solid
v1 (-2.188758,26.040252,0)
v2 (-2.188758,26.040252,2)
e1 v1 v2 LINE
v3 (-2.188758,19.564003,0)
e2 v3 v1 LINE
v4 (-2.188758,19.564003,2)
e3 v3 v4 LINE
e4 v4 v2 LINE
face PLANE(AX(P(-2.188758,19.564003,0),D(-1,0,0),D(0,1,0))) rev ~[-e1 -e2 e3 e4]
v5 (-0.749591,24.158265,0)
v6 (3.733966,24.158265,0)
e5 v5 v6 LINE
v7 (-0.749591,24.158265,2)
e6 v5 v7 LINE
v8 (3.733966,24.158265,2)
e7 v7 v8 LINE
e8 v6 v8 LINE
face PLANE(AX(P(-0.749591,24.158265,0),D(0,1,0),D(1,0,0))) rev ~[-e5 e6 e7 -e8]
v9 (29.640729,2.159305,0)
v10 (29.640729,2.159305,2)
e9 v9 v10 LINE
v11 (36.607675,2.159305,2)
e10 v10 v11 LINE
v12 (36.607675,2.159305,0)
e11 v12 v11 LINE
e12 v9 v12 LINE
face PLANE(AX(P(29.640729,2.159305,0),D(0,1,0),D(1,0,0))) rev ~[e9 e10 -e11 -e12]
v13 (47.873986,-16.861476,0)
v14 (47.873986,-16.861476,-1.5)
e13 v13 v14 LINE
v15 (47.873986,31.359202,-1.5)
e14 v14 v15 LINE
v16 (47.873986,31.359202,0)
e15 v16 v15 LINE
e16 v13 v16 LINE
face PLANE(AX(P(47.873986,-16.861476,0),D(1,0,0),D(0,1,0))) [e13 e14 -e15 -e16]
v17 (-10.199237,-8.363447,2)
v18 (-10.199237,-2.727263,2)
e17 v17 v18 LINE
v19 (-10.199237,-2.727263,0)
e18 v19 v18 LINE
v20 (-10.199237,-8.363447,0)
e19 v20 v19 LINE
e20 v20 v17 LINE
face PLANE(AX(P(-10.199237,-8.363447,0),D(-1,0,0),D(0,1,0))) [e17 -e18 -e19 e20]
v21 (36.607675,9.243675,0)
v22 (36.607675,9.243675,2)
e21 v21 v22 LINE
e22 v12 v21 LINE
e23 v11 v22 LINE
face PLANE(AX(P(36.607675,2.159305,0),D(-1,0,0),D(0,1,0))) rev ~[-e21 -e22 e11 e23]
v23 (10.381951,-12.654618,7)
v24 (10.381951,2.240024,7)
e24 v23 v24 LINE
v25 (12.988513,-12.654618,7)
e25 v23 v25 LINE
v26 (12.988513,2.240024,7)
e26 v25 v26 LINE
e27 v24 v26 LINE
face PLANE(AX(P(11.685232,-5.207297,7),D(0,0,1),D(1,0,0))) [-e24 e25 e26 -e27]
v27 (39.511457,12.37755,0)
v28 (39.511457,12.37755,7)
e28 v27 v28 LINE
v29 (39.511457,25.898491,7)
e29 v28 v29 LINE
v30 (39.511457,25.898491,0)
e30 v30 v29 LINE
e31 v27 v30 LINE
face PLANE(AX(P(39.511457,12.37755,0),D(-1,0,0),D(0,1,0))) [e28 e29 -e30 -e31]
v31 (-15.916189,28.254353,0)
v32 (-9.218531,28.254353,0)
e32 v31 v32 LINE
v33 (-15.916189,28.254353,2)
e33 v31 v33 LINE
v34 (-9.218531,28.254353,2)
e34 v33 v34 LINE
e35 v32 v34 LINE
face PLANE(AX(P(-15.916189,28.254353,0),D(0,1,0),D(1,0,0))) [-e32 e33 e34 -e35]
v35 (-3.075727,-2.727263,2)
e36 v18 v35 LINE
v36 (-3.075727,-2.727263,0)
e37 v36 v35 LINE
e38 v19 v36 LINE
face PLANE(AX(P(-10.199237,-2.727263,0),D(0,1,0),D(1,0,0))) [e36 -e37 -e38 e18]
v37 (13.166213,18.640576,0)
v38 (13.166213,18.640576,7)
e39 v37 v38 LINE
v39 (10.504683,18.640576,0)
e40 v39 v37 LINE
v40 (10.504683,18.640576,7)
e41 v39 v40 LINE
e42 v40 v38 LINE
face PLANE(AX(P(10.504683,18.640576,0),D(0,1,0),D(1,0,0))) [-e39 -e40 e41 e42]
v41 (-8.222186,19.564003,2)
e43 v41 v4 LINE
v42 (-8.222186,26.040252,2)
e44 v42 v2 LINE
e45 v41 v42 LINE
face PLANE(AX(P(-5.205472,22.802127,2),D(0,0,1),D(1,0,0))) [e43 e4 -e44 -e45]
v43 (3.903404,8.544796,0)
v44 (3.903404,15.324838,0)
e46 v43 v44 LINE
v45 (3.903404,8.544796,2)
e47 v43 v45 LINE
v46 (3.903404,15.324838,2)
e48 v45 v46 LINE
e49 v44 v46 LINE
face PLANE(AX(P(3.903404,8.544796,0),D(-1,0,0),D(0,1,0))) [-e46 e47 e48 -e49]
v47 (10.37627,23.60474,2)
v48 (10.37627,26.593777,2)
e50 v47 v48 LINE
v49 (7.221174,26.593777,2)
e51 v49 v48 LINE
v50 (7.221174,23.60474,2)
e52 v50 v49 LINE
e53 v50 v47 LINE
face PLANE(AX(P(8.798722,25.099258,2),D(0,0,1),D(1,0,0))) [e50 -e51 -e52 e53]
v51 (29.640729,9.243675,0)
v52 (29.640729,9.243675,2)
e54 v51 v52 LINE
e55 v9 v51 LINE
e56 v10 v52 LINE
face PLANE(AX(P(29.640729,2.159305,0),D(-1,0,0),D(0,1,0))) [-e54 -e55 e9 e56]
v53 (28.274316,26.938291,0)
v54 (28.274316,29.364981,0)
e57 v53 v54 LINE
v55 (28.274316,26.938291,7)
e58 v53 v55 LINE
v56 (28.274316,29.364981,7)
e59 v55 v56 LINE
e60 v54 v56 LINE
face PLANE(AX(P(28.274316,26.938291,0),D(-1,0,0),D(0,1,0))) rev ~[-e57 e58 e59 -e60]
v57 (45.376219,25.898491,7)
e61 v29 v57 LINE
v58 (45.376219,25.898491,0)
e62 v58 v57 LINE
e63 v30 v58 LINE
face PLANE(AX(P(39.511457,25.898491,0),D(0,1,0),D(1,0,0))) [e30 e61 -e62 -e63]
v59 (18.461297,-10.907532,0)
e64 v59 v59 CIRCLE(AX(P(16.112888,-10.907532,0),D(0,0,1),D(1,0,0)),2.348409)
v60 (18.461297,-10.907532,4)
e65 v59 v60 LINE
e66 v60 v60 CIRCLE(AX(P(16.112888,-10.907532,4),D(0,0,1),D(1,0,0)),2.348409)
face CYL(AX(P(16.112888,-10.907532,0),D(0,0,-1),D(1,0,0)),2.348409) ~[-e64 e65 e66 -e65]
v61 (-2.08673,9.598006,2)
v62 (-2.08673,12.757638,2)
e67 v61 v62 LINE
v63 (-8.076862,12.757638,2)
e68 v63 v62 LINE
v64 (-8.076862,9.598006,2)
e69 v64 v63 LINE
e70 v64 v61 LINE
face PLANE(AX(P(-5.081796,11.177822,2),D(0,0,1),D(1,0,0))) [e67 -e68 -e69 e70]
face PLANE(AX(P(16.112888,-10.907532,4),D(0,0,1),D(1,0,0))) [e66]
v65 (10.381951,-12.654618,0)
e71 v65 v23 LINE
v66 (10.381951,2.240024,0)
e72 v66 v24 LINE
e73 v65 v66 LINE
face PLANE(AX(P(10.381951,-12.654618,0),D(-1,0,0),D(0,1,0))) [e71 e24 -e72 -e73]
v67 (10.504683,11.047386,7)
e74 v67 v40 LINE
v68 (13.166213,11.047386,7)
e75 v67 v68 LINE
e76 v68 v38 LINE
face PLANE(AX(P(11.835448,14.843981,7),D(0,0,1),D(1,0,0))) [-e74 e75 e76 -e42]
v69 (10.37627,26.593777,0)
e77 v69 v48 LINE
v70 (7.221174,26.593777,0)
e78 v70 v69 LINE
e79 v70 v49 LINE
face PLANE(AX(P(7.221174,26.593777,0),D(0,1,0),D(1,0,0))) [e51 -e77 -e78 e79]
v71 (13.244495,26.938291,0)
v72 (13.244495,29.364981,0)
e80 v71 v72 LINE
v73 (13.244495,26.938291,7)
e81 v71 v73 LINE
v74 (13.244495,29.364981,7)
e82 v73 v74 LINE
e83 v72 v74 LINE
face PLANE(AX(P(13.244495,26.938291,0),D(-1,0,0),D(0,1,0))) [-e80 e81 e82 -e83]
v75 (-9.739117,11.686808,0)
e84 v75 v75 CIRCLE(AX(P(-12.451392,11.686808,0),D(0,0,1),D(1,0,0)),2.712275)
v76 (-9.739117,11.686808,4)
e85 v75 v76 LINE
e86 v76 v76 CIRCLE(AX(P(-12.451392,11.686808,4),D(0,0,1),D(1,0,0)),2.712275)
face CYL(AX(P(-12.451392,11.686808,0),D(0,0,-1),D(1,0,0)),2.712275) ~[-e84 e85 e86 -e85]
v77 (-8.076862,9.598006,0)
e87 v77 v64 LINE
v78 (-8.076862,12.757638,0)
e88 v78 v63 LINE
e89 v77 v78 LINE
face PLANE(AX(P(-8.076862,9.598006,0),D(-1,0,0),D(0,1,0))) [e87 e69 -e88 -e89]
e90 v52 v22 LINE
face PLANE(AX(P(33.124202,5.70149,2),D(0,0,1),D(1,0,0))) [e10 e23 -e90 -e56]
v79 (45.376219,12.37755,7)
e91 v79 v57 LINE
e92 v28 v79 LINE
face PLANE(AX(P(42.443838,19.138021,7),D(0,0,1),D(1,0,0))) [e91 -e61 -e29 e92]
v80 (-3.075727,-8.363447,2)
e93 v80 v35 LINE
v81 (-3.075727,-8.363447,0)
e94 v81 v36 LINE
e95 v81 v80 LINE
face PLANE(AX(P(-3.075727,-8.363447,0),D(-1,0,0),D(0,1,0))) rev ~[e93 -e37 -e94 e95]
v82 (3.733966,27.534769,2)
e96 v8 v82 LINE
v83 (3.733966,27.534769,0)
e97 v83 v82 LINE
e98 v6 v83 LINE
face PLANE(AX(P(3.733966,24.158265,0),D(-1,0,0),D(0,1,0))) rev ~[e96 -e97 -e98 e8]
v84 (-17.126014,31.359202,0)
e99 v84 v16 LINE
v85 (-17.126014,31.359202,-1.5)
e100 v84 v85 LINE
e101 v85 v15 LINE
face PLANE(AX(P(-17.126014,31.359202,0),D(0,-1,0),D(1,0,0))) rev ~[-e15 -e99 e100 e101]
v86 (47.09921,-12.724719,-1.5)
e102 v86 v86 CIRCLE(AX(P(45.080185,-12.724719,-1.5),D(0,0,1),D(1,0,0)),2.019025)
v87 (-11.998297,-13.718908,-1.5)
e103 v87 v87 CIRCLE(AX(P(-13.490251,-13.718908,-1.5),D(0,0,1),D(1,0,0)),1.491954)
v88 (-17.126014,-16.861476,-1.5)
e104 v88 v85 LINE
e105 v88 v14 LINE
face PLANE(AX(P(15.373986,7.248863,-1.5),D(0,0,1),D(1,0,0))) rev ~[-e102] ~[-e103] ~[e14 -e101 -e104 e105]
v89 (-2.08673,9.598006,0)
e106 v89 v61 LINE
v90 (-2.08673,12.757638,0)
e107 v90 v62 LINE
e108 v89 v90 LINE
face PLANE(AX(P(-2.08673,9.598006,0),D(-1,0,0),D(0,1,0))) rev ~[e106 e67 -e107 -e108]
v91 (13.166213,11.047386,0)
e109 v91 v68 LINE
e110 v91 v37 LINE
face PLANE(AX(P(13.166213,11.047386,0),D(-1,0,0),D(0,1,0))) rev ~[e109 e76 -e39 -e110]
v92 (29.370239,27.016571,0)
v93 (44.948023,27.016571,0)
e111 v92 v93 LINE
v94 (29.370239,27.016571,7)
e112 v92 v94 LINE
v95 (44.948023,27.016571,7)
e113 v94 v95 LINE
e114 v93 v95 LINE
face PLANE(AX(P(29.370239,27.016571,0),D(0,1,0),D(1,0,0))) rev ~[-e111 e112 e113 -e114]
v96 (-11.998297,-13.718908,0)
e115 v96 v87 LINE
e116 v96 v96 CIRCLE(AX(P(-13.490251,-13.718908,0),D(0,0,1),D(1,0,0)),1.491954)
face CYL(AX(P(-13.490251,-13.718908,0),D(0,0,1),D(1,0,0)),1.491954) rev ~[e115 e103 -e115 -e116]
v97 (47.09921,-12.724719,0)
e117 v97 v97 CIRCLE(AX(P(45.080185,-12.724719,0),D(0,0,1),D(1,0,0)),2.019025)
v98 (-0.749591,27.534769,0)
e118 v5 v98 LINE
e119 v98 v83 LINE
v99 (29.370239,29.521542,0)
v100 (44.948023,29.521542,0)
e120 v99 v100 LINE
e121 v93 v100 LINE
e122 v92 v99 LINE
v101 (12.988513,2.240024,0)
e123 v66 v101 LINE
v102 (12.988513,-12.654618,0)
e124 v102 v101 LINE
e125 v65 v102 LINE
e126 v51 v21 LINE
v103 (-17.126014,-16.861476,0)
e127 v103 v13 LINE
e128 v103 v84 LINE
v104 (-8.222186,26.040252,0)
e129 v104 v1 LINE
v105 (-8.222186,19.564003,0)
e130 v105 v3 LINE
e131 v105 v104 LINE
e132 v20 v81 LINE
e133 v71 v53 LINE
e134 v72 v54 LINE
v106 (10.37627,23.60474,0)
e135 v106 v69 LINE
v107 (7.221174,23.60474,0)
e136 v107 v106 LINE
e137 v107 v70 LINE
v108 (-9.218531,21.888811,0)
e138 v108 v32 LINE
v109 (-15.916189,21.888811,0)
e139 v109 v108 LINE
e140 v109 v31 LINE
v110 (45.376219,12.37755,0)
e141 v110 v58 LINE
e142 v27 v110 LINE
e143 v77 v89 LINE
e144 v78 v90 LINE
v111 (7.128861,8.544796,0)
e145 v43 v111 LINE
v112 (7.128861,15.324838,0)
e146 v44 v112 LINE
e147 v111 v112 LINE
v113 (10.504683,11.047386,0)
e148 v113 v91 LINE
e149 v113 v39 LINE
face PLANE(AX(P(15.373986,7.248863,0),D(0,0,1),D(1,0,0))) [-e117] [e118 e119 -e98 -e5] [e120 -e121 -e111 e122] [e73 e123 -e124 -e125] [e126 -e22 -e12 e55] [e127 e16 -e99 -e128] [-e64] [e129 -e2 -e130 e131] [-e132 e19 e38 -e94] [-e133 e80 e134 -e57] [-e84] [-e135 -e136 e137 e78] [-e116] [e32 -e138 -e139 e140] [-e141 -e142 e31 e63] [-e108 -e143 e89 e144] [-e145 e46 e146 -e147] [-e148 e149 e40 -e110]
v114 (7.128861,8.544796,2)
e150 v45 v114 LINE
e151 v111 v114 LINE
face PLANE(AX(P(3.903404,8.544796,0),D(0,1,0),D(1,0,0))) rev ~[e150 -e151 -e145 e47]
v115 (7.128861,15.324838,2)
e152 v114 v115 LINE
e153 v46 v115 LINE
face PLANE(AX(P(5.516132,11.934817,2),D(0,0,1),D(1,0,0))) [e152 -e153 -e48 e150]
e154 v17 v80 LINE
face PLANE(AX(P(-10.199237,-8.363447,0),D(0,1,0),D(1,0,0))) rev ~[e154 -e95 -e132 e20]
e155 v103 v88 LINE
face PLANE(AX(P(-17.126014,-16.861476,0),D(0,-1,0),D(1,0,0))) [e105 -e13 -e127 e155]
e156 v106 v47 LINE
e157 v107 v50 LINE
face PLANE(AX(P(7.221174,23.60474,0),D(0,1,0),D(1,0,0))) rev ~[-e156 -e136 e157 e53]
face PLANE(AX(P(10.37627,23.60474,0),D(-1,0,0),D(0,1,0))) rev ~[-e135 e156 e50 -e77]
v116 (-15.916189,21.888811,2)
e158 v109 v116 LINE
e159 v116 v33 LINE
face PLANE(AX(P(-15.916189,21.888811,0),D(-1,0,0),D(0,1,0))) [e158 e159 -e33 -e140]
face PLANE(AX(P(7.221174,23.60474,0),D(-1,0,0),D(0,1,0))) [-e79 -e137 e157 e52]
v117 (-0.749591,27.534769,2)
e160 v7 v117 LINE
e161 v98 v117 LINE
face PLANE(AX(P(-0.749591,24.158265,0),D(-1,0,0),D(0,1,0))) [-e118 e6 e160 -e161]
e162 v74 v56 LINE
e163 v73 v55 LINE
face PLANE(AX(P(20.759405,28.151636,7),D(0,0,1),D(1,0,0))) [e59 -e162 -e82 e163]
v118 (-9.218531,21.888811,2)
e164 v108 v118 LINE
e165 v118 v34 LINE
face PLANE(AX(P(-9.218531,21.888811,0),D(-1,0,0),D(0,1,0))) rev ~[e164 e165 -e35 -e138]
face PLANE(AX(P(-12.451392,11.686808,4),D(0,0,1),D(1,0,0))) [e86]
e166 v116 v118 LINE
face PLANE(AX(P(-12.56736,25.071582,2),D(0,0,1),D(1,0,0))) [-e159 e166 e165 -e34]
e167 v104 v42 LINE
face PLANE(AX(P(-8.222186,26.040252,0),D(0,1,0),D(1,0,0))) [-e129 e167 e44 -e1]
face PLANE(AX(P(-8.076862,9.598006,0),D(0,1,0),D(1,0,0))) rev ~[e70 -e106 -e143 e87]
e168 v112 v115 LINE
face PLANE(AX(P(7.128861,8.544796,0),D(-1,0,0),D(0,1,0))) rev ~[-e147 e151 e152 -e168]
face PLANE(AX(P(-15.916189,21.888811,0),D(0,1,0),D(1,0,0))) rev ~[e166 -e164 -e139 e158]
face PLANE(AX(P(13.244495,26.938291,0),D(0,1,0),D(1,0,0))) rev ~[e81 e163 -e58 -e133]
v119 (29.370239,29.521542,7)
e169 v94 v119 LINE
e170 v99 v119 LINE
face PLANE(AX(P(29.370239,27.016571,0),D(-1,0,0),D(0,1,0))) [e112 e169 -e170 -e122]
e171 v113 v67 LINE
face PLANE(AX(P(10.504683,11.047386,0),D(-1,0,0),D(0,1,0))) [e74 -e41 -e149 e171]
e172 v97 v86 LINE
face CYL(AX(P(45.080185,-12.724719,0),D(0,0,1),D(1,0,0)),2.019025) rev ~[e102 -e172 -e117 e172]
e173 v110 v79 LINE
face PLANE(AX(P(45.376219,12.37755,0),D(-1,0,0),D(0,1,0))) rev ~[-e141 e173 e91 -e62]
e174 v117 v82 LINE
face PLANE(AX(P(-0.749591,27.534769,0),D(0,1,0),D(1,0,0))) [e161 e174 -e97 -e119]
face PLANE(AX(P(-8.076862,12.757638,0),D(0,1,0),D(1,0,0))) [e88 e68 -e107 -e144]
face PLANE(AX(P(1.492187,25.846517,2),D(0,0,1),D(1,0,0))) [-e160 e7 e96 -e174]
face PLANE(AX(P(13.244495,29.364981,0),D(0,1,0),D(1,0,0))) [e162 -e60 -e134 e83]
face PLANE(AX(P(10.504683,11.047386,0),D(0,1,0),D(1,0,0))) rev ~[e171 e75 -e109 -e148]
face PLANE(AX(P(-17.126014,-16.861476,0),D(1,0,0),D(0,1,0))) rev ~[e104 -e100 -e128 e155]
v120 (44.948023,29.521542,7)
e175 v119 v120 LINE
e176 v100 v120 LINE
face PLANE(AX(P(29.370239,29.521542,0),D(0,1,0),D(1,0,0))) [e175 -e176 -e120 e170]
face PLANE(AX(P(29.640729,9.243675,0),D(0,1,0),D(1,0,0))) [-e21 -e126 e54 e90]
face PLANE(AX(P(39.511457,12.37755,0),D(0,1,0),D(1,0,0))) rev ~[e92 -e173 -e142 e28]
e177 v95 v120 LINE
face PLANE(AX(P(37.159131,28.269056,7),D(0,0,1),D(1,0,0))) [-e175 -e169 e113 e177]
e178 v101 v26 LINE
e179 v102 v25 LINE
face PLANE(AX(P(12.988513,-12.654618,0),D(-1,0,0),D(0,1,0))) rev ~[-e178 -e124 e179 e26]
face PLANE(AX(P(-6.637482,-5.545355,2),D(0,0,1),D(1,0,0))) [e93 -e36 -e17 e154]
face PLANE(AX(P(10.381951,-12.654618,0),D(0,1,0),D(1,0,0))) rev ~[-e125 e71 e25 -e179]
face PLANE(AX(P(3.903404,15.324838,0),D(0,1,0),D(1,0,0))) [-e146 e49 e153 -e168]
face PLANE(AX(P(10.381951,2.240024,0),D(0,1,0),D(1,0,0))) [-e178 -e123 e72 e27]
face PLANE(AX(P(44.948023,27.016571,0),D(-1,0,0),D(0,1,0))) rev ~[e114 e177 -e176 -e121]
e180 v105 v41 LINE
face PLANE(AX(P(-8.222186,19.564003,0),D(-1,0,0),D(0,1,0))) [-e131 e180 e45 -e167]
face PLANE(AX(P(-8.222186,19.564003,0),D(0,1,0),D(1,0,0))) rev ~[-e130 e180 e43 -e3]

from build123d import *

# Parameters (mm, degrees)
F0_W     = 65
F0_H     = 48.220679
F0_R     = 1.491954
F0_W_2   = 7.12351
F0_H_2   = 5.636183
F0_R_2   = 2.348409
F0_R_3   = 2.019025
F0_W_3   = 6.966946
F0_H_3   = 7.08437
F0_R_4   = 2.712275
F0_W_4   = 5.990132
F0_H_4   = 3.159632
F0_W_5   = 3.225457
F0_H_5   = 6.780042
F0_W_6   = 6.697657
F0_H_6   = 6.365542
F0_W_7   = 6.033428
F0_H_7   = 6.476249
F0_W_8   = 3.155096
F0_H_8   = 2.989037
F0_W_9   = 4.483557
F0_H_9   = 3.376505
F0_W_10  = 5.864762
F0_H_10  = 13.520941
F1_DEPTH = 1.5
F2_DEPTH = 2
F3_DEPTH = 4
F4_DEPTH = 7
F5_W     = 2.606562
F5_H     = 14.894642
F5_W_2   = 2.66153
F5_H_2   = 7.59319
F5_W_3   = 15.029821
F5_H_3   = 2.42669
F5_W_4   = 15.577784
F5_H_4   = 2.504971
F6_DEPTH = 7


with BuildPart() as f1:
    # F0 (on Top) → F1 (new body)
    with BuildSketch(Plane.XY):
        with Locations((15.373986, 7.248863)):
            Rectangle(F0_W, F0_H)
        with Locations((-13.490251, -13.718908)):
            Circle(F0_R, mode=Mode.SUBTRACT)
        with Locations((-6.637482, -5.545355)):
            Rectangle(F0_W_2, F0_H_2, mode=Mode.SUBTRACT)
        with Locations((16.112888, -10.907532)):
            Circle(F0_R_2, mode=Mode.SUBTRACT)
        with Locations((45.080185, -12.724719)):
            Circle(F0_R_3, mode=Mode.SUBTRACT)
        with Locations((33.124202, 5.70149)):
            Rectangle(F0_W_3, F0_H_3, mode=Mode.SUBTRACT)
        with Locations((-12.451392, 11.686808)):
            Circle(F0_R_4, mode=Mode.SUBTRACT)
        with Locations((-5.081796, 11.177822)):
            Rectangle(F0_W_4, F0_H_4, mode=Mode.SUBTRACT)
        with Locations((5.516132, 11.934817)):
            Rectangle(F0_W_5, F0_H_5, mode=Mode.SUBTRACT)
        with Locations((-12.56736, 25.071582)):
            Rectangle(F0_W_6, F0_H_6, mode=Mode.SUBTRACT)
        with Locations((-5.205472, 22.802127)):
            Rectangle(F0_W_7, F0_H_7, mode=Mode.SUBTRACT)
        with Locations((8.798722, 25.099258)):
            Rectangle(F0_W_8, F0_H_8, mode=Mode.SUBTRACT)
        with Locations((1.492187, 25.846517)):
            Rectangle(F0_W_9, F0_H_9, mode=Mode.SUBTRACT)
        with Locations((42.443838, 19.138021)):
            Rectangle(F0_W_10, F0_H_10, mode=Mode.SUBTRACT)
        with Locations((-12.451392, 11.686808)):
            Circle(F0_R_4)
        with Locations((-6.637482, -5.545355)):
            Rectangle(F0_W_2, F0_H_2)
        with Locations((-5.081796, 11.177822)):
            Rectangle(F0_W_4, F0_H_4)
        with Locations((-5.205472, 22.802127)):
            Rectangle(F0_W_7, F0_H_7)
        with Locations((-12.56736, 25.071582)):
            Rectangle(F0_W_6, F0_H_6)
        with Locations((1.492187, 25.846517)):
            Rectangle(F0_W_9, F0_H_9)
        with Locations((5.516132, 11.934817)):
            Rectangle(F0_W_5, F0_H_5)
        with Locations((8.798722, 25.099258)):
            Rectangle(F0_W_8, F0_H_8)
        with Locations((16.112888, -10.907532)):
            Circle(F0_R_2)
        with Locations((33.124202, 5.70149)):
            Rectangle(F0_W_3, F0_H_3)
        with Locations((42.443838, 19.138021)):
            Rectangle(F0_W_10, F0_H_10)
    extrude(amount=-F1_DEPTH)

    # F0 (on Top) → F2 (join)
    with BuildSketch(Plane.XY):
        with Locations((-12.56736, 25.071582)):
            Rectangle(F0_W_6, F0_H_6)
        with Locations((-5.205472, 22.802127)):
            Rectangle(F0_W_7, F0_H_7)
        with Locations((-5.081796, 11.177822)):
            Rectangle(F0_W_4, F0_H_4)
        with Locations((5.516132, 11.934817)):
            Rectangle(F0_W_5, F0_H_5)
        with Locations((1.492187, 25.846517)):
            Rectangle(F0_W_9, F0_H_9)
        with Locations((8.798722, 25.099258)):
            Rectangle(F0_W_8, F0_H_8)
        with Locations((33.124202, 5.70149)):
            Rectangle(F0_W_3, F0_H_3)
        with Locations((-6.637482, -5.545355)):
            Rectangle(F0_W_2, F0_H_2)
    extrude(amount=F2_DEPTH)

    # F0 (on Top) → F3 (join)
    with BuildSketch(Plane.XY):
        with Locations((-12.451392, 11.686808)):
            Circle(F0_R_4)
        with Locations((16.112888, -10.907532)):
            Circle(F0_R_2)
    extrude(amount=F3_DEPTH)

    # F0 (on Top) → F4 (join)
    with BuildSketch(Plane.XY):
        with Locations((42.443838, 19.138021)):
            Rectangle(F0_W_10, F0_H_10)
    extrude(amount=F4_DEPTH)

    # F5 (on face) → F6 (join)
    with BuildSketch(Plane.XY):
        with Locations((11.685232, -5.207297)):
            Rectangle(F5_W, F5_H)
        with Locations((11.835448, 14.843981)):
            Rectangle(F5_W_2, F5_H_2)
        with Locations((20.759405, 28.151636)):
            Rectangle(F5_W_3, F5_H_3)
        with Locations((37.159131, 28.269056)):
            Rectangle(F5_W_4, F5_H_4)
    extrude(amount=F6_DEPTH)


solid = f1.part
